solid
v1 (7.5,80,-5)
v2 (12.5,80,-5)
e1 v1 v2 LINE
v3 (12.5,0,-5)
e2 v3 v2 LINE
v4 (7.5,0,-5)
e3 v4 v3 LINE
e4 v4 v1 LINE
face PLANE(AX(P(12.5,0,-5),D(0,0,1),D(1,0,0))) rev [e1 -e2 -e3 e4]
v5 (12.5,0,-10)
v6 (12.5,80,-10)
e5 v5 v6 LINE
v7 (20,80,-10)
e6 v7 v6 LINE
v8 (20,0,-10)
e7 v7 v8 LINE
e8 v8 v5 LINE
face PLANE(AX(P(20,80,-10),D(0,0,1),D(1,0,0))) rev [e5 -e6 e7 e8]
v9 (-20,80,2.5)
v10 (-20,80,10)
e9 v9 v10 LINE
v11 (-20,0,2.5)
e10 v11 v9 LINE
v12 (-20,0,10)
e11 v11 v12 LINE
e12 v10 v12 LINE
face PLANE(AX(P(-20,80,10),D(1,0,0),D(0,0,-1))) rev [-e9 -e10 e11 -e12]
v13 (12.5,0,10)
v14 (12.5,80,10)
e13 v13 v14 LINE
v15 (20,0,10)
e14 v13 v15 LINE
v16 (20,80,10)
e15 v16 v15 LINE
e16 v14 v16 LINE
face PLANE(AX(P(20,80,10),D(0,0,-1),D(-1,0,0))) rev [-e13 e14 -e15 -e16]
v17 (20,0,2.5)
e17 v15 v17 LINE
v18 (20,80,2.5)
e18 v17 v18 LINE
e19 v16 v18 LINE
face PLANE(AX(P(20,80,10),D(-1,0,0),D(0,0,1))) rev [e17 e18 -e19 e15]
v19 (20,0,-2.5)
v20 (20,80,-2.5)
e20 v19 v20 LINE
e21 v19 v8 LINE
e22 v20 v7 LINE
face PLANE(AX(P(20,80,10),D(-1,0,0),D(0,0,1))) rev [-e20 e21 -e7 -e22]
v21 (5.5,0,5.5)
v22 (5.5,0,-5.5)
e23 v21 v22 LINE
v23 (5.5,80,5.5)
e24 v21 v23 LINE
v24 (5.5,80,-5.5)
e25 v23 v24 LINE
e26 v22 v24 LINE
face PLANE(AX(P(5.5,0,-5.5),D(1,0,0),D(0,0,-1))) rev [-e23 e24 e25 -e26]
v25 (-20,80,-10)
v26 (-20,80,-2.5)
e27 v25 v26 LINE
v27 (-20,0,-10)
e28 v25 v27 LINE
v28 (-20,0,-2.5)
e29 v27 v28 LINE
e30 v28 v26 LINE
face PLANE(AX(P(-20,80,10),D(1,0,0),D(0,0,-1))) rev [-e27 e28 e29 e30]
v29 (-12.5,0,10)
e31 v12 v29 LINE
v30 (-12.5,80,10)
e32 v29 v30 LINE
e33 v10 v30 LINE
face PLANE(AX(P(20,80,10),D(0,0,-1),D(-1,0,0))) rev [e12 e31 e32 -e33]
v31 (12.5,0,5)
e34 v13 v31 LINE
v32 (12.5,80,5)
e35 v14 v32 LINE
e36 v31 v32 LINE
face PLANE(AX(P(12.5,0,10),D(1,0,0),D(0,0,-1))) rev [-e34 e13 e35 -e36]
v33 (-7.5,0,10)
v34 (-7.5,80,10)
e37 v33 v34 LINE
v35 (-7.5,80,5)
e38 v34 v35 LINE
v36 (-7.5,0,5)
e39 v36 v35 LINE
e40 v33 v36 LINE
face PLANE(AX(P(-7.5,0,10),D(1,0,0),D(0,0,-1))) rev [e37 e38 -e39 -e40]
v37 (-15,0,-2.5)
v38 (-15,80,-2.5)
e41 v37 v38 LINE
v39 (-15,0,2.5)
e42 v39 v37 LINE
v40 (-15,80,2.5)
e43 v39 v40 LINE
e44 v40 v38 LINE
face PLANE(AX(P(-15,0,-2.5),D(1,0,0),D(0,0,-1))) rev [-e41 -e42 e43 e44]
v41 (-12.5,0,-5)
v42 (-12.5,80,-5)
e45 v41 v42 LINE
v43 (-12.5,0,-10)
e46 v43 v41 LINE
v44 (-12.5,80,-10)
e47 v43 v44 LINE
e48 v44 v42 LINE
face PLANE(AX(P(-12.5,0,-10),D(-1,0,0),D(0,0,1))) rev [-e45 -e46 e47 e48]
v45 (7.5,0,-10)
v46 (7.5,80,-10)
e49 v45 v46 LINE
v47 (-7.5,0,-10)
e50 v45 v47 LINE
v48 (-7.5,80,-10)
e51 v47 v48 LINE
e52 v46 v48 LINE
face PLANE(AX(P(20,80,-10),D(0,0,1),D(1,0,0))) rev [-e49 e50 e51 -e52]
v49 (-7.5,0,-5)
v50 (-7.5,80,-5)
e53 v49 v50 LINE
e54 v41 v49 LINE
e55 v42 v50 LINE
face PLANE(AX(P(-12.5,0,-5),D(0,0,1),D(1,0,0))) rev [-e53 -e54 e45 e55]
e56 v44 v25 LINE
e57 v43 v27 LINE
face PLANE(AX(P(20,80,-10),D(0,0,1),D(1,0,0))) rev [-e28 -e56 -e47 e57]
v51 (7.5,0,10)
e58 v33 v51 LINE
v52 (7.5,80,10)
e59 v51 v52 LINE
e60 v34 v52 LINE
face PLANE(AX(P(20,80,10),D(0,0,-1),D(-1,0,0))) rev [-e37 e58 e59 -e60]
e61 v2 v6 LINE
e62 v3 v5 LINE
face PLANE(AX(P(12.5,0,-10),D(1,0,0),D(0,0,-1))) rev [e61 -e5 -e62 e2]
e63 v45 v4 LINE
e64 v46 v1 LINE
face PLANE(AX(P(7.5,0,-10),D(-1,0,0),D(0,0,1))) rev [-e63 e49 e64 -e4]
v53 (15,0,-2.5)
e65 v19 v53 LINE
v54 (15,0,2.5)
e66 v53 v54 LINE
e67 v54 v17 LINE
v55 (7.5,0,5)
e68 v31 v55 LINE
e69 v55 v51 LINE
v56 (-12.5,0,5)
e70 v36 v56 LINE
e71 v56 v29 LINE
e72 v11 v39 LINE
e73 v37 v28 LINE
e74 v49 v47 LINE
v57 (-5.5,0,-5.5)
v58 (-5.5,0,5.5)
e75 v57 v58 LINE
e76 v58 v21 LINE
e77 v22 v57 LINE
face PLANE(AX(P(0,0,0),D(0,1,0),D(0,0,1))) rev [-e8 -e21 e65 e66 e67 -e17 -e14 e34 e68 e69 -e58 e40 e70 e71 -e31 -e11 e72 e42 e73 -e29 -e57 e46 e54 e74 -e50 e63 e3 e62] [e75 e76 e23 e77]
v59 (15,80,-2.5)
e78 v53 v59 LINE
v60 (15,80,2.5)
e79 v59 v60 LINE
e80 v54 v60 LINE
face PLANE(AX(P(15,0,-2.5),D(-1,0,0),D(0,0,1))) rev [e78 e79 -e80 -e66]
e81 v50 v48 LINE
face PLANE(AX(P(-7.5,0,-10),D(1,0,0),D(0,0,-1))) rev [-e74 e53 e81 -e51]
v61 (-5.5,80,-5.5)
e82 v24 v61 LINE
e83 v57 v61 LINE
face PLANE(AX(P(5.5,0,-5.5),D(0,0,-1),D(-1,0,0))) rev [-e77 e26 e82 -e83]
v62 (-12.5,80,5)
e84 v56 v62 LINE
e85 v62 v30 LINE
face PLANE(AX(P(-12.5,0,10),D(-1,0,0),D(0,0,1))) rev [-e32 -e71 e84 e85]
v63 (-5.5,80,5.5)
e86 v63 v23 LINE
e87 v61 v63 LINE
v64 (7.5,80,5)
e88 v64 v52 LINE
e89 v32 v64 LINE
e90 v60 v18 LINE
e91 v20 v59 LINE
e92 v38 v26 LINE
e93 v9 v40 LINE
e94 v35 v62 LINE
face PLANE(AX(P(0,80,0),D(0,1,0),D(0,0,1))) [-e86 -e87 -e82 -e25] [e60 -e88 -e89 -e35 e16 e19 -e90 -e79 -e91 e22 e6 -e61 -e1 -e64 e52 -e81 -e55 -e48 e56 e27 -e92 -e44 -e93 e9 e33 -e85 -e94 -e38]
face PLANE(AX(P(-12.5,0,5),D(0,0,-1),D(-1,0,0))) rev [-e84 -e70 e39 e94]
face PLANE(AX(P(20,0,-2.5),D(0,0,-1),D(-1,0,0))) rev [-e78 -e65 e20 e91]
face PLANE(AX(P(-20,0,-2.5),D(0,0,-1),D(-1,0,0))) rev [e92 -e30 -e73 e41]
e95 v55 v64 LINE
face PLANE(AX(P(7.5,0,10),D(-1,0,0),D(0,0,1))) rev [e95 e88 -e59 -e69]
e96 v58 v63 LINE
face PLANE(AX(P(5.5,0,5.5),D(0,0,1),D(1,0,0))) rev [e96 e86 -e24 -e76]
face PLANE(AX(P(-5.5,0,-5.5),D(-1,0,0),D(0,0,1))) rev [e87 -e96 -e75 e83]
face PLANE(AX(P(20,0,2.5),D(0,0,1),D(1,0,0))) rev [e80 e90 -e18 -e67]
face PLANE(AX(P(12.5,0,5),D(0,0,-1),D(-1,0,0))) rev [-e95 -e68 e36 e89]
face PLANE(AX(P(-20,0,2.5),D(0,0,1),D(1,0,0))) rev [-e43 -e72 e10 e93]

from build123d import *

# Parameters (mm, degrees)
SKETCH1_W       = 40
SKETCH1_H       = 20
BODY_DEPTH      = 80
SKETCH2_W       = 5
SKETCH2_H       = 5
SKETCH2_W_2     = 11
SKETCH2_H_2     = 11
PROFILAGE_DEPTH = 84.066238629


with BuildPart() as part:
    # Sketch1 → Body (new body)
    with BuildSketch(Plane(origin=(0, 0, 0), x_dir=(1, 0, 0), z_dir=(0, 1, 0))):
        Rectangle(SKETCH1_W, SKETCH1_H)
    extrude(amount=BODY_DEPTH)

    # Sketch2 → Profilage (cut, through all)
    with BuildSketch(Plane(origin=(0, 80, 0), x_dir=(1, 0, 0), z_dir=(0, 1, 0))):
        with Locations((-10, 7.5)):
            Rectangle(SKETCH2_W, SKETCH2_H)
        with Locations((-17.5, 0)):
            Rectangle(SKETCH2_W, SKETCH2_H)
        with Locations((-10, -7.5)):
            Rectangle(SKETCH2_W, SKETCH2_H)
        with Locations((10, -7.5)):
            Rectangle(SKETCH2_W, SKETCH2_H)
        with Locations((17.5, 0)):
            Rectangle(SKETCH2_W, SKETCH2_H)
        with Locations((10, 7.5)):
            Rectangle(SKETCH2_W, SKETCH2_H)
        Rectangle(SKETCH2_W_2, SKETCH2_H_2)
    extrude(amount=-PROFILAGE_DEPTH, mode=Mode.SUBTRACT)


solid = part.part
